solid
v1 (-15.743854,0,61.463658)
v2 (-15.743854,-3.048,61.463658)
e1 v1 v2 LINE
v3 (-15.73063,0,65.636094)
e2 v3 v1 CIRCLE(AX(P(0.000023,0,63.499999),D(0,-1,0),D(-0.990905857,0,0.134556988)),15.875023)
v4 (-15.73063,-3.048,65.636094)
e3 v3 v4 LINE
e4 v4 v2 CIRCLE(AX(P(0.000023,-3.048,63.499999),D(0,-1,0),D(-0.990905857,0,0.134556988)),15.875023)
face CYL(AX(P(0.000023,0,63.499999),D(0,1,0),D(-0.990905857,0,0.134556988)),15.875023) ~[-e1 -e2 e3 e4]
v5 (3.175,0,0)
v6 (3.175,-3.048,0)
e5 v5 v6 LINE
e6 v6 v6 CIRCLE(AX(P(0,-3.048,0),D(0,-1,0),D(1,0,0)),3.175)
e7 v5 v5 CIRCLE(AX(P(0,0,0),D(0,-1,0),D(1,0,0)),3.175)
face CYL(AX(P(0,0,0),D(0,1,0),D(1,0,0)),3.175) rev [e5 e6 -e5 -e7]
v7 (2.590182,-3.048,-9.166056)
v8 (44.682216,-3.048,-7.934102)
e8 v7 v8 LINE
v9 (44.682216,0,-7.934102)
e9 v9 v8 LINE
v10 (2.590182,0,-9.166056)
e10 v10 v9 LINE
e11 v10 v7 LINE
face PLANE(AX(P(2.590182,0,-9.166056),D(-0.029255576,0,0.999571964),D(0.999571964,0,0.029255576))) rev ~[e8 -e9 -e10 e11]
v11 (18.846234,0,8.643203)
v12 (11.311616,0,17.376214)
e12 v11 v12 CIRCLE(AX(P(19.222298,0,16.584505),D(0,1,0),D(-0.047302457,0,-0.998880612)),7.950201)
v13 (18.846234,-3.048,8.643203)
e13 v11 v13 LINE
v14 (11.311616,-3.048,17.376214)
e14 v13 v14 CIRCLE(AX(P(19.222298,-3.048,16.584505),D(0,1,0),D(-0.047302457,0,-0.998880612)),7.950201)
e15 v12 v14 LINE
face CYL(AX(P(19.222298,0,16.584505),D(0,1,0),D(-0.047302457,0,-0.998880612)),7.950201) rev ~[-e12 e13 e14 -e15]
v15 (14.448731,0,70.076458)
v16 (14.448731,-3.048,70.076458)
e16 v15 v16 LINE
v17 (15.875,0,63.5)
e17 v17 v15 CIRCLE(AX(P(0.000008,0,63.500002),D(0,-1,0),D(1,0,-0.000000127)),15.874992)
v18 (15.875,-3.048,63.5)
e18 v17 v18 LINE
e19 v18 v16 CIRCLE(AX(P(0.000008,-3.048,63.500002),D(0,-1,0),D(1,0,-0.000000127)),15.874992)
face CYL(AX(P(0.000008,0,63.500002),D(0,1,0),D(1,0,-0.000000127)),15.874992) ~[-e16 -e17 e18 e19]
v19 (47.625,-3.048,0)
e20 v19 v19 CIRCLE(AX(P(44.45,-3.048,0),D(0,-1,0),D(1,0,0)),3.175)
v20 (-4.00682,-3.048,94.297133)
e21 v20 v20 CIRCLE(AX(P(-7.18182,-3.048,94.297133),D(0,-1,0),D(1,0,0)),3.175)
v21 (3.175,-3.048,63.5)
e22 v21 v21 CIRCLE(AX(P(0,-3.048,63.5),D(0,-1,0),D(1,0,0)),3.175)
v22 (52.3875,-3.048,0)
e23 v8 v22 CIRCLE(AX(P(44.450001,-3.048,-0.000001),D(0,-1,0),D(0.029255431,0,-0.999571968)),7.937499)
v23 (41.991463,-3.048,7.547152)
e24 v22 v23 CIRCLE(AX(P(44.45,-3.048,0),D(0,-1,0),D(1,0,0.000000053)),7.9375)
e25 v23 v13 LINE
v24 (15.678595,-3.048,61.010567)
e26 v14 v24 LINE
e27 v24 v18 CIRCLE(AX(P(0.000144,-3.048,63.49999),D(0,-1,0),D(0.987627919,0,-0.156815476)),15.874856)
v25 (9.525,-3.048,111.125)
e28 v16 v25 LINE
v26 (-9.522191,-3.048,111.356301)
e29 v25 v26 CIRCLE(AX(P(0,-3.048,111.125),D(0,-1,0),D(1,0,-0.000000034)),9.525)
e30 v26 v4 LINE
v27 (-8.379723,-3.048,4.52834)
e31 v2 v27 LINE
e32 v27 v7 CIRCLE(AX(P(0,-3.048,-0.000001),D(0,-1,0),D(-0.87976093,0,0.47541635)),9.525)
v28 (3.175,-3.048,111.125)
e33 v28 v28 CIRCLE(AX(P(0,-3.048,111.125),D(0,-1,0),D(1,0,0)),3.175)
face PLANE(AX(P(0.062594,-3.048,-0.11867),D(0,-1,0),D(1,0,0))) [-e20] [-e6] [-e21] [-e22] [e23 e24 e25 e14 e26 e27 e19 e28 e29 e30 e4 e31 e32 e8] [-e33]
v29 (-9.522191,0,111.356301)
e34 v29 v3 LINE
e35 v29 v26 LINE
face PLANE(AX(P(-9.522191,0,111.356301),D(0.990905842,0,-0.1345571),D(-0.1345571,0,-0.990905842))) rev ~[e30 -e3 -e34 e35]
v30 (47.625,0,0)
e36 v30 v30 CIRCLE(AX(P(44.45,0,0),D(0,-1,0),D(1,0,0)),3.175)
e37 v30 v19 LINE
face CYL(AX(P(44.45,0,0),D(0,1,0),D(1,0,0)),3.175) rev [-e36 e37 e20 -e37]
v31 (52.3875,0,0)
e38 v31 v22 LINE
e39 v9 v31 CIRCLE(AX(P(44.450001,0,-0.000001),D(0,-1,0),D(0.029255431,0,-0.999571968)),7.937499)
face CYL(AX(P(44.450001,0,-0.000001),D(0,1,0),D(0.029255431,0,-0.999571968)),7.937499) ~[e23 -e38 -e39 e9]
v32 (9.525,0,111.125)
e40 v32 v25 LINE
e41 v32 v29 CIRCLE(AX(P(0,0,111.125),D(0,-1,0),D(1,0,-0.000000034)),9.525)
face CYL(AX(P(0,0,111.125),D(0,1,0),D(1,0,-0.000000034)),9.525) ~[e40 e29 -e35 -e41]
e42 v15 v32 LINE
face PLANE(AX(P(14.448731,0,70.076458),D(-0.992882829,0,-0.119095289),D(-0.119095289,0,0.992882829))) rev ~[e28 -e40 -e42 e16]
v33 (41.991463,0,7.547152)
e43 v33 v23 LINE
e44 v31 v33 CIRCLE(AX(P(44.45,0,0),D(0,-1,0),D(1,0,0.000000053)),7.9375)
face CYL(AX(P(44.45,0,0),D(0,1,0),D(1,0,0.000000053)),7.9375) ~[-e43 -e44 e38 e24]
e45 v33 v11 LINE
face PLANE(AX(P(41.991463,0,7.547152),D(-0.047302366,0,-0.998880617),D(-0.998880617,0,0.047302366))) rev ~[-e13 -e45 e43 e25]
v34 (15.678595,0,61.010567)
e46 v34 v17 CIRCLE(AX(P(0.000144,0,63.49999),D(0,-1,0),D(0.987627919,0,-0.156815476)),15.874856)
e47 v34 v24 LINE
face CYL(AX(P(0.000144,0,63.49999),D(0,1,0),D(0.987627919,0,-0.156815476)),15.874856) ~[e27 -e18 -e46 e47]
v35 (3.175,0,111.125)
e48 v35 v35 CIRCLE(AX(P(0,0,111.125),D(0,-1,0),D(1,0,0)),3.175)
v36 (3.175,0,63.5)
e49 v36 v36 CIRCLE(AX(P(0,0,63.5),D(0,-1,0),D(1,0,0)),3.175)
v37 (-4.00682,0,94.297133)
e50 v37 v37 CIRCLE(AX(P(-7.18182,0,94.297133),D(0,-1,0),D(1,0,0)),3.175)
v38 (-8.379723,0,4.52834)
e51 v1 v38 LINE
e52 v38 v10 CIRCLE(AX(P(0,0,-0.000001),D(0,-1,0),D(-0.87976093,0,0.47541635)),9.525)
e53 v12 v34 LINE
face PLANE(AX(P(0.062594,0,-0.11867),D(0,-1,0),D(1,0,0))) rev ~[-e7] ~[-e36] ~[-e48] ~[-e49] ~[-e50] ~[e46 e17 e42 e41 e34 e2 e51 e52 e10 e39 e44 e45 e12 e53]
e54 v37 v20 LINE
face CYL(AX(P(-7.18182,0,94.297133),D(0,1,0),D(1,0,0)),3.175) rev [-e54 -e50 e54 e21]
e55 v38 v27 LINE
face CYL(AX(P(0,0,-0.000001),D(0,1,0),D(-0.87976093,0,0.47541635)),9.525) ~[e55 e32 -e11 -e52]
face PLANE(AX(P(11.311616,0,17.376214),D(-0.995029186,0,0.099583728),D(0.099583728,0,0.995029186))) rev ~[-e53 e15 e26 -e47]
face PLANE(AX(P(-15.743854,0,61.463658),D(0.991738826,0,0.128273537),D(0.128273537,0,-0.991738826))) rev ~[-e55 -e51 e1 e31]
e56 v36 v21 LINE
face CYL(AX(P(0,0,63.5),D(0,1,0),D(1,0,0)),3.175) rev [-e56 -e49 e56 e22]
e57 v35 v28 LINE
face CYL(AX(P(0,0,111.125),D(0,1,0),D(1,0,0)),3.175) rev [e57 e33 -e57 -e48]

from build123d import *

# Parameters (mm, degrees)
F0_R     = 3.175
F1_DEPTH = 3.048


with BuildPart() as f1:
    # F0 (on Front) → F1 (new body)
    with BuildSketch(Plane.XZ):
        with BuildLine():
            ThreePointArc((2.590182, -9.166056), (7.595957, -5.746918), (9.525, 0))
            ThreePointArc((9.525, 0), (2.335462, 9.234243), (-8.379723, 4.52834))
            ThreePointArc((-8.379723, 4.52834), (-7.433964, -5.954982), (2.590182, -9.166056))
        make_face()
        Circle(F0_R, mode=Mode.SUBTRACT)
        with BuildLine():
            ThreePointArc((-8.379723, 4.52834), (2.335462, 9.234243), (9.525, 0))
            ThreePointArc((9.525, 0), (7.595957, -5.746918), (2.590182, -9.166056))
            Line((2.590182, -9.166056), (44.682216, -7.934102))
            ThreePointArc((44.682216, -7.934102), (36.629742, -1.359217), (41.991463, 7.547152))
            Line((41.991463, 7.547152), (18.846234, 8.643203))
            ThreePointArc((18.846234, 8.643203), (13.202837, 11.391068), (11.311616, 17.376214))
            Line((11.311616, 17.376214), (15.678595, 61.010567))
            ThreePointArc((15.678595, 61.010567), (-0.228883, 47.62665), (-15.743854, 61.463658))
            Line((-15.743854, 61.463658), (-8.379723, 4.52834))
        make_face()
        with BuildLine():
            ThreePointArc((-15.73063, 65.636094), (-15.87492, 63.550312), (-15.743854, 61.463658))
            ThreePointArc((-15.743854, 61.463658), (-0.228883, 47.62665), (15.678595, 61.010567))
            ThreePointArc((15.678595, 61.010567), (15.825823, 62.251416), (15.875, 63.5))
            ThreePointArc((15.875, 63.5), (15.514336, 66.864671), (14.448731, 70.076458))
            ThreePointArc((14.448731, 70.076458), (-2.31085, 79.20591), (-15.73063, 65.636094))
        make_face()
        with Locations((0, 63.5)):
            Circle(F0_R, mode=Mode.SUBTRACT)
        with BuildLine():
            ThreePointArc((41.991463, 7.547152), (36.629742, -1.359217), (44.682216, -7.934102))
            ThreePointArc((44.682216, -7.934102), (50.144169, -5.52995), (52.3875, 0))
            ThreePointArc((52.3875, 0), (49.113114, 6.423338), (41.991463, 7.547152))
        make_face()
        with Locations((44.45, 0)):
            Circle(F0_R, mode=Mode.SUBTRACT)
        with BuildLine():
            Line((-9.522191, 111.356301), (-15.73063, 65.636094))
            ThreePointArc((-15.73063, 65.636094), (-2.31085, 79.20591), (14.448731, 70.076458))
            Line((14.448731, 70.076458), (9.525, 111.125))
            ThreePointArc((9.525, 111.125), (-0.115659, 101.600702), (-9.522191, 111.356301))
        make_face()
        with Locations((-7.18182, 94.297133)):
            Circle(F0_R, mode=Mode.SUBTRACT)
        with BuildLine():
            ThreePointArc((9.525, 111.125), (0.115659, 120.649298), (-9.522191, 111.356301))
            ThreePointArc((-9.522191, 111.356301), (-0.115659, 101.600702), (9.525, 111.125))
        make_face()
        with Locations((0, 111.125)):
            Circle(F0_R, mode=Mode.SUBTRACT)
    extrude(amount=F1_DEPTH)


solid = f1.part
